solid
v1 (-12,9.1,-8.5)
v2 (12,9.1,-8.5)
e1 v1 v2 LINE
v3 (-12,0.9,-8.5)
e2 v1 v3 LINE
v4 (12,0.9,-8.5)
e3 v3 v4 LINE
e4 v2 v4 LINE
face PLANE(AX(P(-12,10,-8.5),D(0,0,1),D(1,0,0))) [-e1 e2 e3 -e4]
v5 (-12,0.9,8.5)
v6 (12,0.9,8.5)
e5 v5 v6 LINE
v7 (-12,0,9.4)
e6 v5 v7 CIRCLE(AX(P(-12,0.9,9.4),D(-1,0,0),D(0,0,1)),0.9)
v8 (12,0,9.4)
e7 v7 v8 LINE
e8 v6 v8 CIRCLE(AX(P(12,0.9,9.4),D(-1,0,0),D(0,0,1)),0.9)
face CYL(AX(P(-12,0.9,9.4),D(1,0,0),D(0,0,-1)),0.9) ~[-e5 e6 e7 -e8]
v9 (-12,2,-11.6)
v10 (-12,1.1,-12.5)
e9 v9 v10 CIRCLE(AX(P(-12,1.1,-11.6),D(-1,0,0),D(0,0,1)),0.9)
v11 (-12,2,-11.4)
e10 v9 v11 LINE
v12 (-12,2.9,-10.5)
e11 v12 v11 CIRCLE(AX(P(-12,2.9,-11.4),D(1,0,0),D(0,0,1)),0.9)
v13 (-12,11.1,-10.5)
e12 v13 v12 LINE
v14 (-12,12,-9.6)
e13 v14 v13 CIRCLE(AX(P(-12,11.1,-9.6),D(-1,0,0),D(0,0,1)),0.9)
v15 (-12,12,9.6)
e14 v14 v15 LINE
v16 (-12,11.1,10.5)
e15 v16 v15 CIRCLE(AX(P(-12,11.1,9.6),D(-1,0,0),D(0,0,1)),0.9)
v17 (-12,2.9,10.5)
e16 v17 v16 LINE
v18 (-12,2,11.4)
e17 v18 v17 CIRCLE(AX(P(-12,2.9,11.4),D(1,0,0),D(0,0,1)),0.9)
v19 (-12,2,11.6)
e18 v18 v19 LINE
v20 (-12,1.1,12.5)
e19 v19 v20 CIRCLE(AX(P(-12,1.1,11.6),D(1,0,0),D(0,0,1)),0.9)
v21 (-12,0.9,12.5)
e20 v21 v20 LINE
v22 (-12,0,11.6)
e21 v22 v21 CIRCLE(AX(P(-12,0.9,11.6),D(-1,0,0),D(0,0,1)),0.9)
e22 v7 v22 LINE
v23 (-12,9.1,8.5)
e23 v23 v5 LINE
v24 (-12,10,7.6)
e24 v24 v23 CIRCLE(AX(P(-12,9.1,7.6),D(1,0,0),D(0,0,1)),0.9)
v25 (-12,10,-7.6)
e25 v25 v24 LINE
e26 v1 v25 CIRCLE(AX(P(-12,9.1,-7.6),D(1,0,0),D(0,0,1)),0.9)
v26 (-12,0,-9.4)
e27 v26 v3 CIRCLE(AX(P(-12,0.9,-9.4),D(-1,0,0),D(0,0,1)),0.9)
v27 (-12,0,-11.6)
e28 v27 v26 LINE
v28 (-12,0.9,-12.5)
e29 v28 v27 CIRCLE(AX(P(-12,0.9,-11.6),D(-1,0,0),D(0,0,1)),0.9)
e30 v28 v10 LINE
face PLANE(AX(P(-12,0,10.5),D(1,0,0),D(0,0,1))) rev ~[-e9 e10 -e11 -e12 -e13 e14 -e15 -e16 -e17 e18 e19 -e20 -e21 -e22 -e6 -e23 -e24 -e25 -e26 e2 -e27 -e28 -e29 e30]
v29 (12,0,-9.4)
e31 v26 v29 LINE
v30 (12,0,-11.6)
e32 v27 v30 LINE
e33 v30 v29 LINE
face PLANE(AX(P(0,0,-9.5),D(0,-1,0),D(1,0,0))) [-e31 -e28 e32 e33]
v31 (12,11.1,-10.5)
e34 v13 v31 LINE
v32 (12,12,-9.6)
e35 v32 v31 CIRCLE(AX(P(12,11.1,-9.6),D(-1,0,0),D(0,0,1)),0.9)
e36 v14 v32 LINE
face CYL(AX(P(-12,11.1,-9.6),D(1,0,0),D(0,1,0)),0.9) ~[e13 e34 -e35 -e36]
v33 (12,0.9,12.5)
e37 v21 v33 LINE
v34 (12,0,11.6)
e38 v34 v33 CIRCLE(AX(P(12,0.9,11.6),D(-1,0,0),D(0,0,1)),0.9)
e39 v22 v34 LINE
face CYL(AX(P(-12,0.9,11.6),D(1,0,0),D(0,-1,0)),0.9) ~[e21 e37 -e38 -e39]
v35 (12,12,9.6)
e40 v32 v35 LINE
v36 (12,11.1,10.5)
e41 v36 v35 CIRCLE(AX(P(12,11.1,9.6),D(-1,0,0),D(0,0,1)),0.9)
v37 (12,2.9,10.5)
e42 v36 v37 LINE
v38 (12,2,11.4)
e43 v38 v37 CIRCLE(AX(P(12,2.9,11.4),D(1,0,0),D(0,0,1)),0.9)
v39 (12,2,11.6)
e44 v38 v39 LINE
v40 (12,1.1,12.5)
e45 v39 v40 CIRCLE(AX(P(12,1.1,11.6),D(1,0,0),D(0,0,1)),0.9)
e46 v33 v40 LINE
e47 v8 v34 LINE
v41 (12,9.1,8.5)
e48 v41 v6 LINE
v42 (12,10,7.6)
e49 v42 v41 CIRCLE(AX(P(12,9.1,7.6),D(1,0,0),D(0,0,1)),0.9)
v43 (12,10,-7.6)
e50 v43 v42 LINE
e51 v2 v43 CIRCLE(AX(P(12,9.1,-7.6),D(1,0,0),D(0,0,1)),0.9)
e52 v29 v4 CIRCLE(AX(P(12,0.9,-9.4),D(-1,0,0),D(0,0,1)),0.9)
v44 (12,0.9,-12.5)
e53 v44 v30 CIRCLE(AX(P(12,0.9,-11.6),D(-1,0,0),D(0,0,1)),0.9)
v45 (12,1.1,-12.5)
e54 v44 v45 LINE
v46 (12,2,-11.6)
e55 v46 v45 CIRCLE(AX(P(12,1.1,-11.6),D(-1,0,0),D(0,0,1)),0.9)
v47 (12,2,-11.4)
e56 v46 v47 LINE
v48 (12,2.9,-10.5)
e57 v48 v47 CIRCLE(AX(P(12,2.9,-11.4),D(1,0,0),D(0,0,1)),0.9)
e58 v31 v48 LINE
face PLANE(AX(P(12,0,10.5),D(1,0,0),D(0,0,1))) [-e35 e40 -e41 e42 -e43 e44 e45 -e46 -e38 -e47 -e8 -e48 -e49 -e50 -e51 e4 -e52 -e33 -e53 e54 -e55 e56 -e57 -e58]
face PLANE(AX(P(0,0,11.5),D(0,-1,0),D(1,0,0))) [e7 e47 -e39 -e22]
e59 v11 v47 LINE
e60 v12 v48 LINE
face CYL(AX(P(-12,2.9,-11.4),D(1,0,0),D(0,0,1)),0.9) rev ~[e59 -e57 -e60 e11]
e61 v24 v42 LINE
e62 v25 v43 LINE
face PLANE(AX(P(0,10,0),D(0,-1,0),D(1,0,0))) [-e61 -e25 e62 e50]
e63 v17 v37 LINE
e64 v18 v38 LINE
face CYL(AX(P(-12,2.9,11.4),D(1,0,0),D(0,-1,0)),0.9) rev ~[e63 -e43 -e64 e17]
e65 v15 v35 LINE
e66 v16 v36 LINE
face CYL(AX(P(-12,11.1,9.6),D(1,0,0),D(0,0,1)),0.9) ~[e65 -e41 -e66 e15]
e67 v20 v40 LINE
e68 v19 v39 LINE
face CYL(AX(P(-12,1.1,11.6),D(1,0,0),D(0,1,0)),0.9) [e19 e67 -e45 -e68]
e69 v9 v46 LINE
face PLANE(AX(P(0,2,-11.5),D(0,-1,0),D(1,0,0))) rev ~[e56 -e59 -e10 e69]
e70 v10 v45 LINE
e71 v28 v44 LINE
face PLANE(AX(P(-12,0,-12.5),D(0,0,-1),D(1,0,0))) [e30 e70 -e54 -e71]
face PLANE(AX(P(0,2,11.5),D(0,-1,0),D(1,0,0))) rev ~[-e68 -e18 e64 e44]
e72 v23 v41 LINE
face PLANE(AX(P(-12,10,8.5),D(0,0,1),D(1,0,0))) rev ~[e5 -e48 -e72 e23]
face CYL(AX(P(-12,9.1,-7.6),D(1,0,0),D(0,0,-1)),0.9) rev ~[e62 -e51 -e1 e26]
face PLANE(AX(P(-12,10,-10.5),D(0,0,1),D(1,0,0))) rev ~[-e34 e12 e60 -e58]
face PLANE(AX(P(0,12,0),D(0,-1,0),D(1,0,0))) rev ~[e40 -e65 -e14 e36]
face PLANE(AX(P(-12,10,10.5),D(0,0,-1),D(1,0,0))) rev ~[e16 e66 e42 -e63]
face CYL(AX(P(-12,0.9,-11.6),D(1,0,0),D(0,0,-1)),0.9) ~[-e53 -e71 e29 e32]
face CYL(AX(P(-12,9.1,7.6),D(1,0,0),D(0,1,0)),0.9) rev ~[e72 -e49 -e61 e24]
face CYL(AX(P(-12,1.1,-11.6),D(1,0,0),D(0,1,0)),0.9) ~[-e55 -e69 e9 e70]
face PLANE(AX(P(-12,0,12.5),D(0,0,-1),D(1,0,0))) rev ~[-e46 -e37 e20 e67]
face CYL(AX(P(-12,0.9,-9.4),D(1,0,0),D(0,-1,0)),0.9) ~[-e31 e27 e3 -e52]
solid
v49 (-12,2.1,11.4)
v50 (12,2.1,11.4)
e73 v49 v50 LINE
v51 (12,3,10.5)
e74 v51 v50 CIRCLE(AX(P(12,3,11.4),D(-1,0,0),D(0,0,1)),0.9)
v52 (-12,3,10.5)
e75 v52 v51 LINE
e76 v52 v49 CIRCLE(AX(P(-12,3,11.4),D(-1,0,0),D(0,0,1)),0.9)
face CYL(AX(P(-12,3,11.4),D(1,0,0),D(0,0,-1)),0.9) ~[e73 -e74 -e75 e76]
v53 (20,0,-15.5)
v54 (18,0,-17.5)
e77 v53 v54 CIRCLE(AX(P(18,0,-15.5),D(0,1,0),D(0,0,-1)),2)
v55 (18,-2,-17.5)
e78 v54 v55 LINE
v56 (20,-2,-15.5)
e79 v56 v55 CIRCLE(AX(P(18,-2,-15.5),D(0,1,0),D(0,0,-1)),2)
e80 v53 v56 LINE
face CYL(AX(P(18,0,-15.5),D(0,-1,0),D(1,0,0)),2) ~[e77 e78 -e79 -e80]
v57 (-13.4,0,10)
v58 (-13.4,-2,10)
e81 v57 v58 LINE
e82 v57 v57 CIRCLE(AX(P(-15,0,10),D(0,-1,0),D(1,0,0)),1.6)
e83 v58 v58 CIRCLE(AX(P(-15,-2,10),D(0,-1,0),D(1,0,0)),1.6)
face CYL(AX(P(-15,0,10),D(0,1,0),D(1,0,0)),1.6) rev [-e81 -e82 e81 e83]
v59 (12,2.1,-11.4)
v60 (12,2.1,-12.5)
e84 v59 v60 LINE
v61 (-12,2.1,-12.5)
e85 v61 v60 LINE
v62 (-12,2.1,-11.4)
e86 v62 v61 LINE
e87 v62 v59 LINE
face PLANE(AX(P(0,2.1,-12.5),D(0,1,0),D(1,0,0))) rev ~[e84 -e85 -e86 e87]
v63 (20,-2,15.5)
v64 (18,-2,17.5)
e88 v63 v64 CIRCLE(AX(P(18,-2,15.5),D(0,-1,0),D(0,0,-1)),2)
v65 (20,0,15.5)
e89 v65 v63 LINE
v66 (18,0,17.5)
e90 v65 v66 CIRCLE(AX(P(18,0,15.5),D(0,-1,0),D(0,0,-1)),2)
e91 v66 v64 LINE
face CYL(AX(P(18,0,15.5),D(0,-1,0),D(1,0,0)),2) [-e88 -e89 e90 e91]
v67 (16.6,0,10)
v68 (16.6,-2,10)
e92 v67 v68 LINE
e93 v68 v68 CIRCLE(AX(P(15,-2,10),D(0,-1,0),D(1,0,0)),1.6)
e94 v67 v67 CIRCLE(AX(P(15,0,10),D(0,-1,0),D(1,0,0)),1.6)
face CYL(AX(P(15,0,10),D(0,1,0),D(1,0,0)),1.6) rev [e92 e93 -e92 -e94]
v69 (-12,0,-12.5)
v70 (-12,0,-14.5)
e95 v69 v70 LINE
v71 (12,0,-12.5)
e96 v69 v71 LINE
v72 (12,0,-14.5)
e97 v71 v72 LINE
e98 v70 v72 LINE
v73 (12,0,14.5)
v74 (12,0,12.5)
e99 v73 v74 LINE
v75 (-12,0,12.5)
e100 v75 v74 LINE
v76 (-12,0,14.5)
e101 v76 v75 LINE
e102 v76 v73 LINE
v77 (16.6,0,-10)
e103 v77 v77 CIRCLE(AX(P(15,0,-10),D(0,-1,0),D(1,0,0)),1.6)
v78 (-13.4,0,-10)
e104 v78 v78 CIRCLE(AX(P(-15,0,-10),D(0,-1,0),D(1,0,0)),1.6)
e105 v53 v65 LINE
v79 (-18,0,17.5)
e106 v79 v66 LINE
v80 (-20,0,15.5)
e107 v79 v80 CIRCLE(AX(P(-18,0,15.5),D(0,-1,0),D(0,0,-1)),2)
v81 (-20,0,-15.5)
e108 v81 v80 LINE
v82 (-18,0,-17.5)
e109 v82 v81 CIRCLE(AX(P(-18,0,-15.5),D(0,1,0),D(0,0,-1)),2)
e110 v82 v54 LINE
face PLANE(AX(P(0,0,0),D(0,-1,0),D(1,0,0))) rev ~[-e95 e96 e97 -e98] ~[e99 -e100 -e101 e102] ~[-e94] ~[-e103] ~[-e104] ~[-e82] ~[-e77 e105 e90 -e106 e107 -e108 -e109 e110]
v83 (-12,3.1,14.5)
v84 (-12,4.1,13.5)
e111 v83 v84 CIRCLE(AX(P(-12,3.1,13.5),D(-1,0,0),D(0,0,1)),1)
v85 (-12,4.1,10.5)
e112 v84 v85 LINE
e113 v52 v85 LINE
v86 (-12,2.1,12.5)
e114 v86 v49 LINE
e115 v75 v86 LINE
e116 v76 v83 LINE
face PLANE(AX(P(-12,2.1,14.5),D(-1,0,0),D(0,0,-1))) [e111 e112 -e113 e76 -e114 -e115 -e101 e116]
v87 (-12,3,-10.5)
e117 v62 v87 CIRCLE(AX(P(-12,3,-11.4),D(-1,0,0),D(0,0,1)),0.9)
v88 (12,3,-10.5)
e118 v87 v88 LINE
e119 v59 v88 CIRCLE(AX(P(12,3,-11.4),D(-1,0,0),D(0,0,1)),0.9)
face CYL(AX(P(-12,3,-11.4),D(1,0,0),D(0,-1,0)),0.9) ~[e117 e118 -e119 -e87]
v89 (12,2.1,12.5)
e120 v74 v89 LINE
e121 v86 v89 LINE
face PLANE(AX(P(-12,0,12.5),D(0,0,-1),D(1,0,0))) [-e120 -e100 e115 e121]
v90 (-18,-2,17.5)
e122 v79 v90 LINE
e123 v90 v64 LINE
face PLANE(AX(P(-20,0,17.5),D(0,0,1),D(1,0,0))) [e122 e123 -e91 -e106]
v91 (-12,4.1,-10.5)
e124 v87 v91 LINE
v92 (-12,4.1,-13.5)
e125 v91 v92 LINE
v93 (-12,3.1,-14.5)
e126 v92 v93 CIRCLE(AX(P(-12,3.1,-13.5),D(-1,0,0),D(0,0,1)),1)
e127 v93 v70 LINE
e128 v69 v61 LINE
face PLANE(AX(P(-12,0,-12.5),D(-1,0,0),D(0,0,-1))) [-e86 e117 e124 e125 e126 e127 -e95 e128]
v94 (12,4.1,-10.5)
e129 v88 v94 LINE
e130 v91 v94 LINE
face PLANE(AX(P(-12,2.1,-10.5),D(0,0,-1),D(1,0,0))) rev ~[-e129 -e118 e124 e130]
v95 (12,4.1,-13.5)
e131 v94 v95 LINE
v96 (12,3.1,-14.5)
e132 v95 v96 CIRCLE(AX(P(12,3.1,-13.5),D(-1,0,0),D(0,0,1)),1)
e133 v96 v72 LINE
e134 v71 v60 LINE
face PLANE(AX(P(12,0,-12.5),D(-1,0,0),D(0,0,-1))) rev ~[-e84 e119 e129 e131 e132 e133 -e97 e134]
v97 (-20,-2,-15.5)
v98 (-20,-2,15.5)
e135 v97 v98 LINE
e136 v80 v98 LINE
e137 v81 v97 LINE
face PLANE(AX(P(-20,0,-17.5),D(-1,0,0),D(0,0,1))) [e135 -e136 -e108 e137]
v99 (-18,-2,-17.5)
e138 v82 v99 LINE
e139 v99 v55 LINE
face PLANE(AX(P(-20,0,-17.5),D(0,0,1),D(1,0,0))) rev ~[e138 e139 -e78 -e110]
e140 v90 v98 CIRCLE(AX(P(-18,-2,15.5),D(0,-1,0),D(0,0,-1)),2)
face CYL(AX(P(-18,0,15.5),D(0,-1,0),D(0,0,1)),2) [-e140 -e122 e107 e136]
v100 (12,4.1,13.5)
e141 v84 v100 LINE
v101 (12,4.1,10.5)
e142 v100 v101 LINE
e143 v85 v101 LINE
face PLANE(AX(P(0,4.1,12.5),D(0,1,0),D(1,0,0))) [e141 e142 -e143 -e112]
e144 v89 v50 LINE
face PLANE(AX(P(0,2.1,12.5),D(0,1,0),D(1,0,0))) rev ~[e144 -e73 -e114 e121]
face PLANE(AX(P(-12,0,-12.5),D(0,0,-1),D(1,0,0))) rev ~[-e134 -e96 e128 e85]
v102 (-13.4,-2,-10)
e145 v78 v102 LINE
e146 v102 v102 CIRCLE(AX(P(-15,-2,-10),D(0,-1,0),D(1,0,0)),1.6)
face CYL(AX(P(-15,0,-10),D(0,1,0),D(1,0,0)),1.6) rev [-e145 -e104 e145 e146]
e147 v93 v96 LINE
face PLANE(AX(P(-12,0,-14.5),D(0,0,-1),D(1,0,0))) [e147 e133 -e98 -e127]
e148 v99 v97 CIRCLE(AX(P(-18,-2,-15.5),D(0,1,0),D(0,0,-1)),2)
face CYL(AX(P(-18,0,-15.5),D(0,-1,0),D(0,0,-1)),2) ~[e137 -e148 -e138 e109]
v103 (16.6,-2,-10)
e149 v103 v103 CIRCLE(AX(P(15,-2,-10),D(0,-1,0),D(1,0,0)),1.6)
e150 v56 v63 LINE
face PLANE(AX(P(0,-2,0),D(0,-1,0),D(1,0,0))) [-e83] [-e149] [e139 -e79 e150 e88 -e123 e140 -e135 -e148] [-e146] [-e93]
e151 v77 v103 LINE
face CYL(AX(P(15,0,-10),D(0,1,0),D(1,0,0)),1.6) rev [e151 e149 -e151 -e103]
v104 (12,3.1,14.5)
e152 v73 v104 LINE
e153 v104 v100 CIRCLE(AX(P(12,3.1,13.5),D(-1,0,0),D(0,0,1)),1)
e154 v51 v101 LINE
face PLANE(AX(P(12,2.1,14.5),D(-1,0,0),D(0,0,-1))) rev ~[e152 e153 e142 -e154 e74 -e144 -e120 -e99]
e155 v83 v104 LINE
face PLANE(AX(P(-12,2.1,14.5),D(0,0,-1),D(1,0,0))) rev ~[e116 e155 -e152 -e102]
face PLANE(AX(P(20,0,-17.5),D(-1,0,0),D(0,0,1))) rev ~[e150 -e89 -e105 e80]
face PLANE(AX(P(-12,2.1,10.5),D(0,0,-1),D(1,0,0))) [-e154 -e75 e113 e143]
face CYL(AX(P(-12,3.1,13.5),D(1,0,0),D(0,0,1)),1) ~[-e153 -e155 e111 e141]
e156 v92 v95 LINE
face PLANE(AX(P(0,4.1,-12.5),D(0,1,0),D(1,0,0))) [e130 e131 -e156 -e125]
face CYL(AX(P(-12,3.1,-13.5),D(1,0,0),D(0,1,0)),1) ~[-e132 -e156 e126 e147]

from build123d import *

# Parameters (mm, degrees)
SKETCH_W     = 40
SKETCH_H     = 35
SKETCH_R     = 1.6
PAD_DEPTH    = 2
SKETCH004_W  = 24
SKETCH004_H  = 2
PAD003_DEPTH = 2.1
SKETCH005_W  = 24
SKETCH005_H  = 4
PAD005_DEPTH = 2
FILLET_R     = 2
FILLET002_R  = 0.9
FILLET003_R  = 1
SKETCH001_W  = 24
SKETCH001_H  = 21
PAD001_DEPTH = 2
SKETCH002_W  = 24
SKETCH002_H  = 2
PAD002_DEPTH = 10
SKETCH003_W  = 24
SKETCH003_H  = 2
PAD004_DEPTH = 2
FILLET001_R  = 0.9


with BuildPart() as base:
    # Sketch → Pad (new body)
    with BuildSketch(Plane.XZ):
        Rectangle(SKETCH_W, SKETCH_H)
        with Locations((-15, 10)):
            Circle(SKETCH_R, mode=Mode.SUBTRACT)
        with Locations((15, 10)):
            Circle(SKETCH_R, mode=Mode.SUBTRACT)
        with Locations((15, -10)):
            Circle(SKETCH_R, mode=Mode.SUBTRACT)
        with Locations((-15, -10)):
            Circle(SKETCH_R, mode=Mode.SUBTRACT)
    extrude(amount=PAD_DEPTH)

    # Sketch004 (on Face9 of Pad) → Pad003 (join)
    with BuildSketch(Plane(origin=(0, 0, 0), x_dir=(1, 0, 0), z_dir=(0, 1, 0))):
        with Locations((0, 13.5)):
            Rectangle(SKETCH004_W, SKETCH004_H)
        with Locations((0, -13.5)):
            Rectangle(SKETCH004_W, SKETCH004_H)
    extrude(amount=PAD003_DEPTH)

    # Sketch005 (on Face20 of Pad003) → Pad005 (join)
    with BuildSketch(Plane(origin=(0, 2.1, 0), x_dir=(1, 0, 0), z_dir=(0, 1, 0))):
        with Locations((0, -12.5)):
            Rectangle(SKETCH005_W, SKETCH005_H)
        with Locations((0, 12.5)):
            Rectangle(SKETCH005_W, SKETCH005_H)
    extrude(amount=PAD005_DEPTH)

    # Fillet
    fillet_edges = [base.edges().sort_by_distance(p)[0] for p in [
        (-20, -1, 17.5),
        (-20, -1, -17.5),
        (20, -1, -17.5),
        (20, -1, 17.5),
    ]]
    fillet(fillet_edges, radius=FILLET_R)

    # Fillet002
    fillet002_edges = [base.edges().sort_by_distance(p)[0] for p in [
        (0, 2.1, -10.5),
        (0, 2.1, 10.5),
    ]]
    fillet(fillet002_edges, radius=FILLET002_R)

    # Fillet003
    fillet003_edges = [base.edges().sort_by_distance(p)[0] for p in [
        (0, 4.1, -14.5),
        (0, 4.1, 14.5),
    ]]
    fillet(fillet003_edges, radius=FILLET003_R)


with BuildPart() as cap:
    # Sketch001 (on DatumPlane) → Pad001 (new body)
    with BuildSketch(Plane.XZ.offset(-10)):
        Rectangle(SKETCH001_W, SKETCH001_H)
    extrude(amount=-PAD001_DEPTH)

    # Sketch002 (on Face5 of Pad001) → Pad002 (join)
    with BuildSketch(Plane.XZ.offset(-10)):
        with Locations((0, -9.5)):
            Rectangle(SKETCH002_W, SKETCH002_H)
        with Locations((0, 9.5)):
            Rectangle(SKETCH002_W, SKETCH002_H)
    extrude(amount=PAD002_DEPTH)

    # Sketch003 (on Face15 of Pad002) → Pad004 (join)
    with BuildSketch(Plane.XZ):
        with Locations((0, 11.5)):
            Rectangle(SKETCH003_W, SKETCH003_H)
        with Locations((0, -11.5)):
            Rectangle(SKETCH003_W, SKETCH003_H)
    extrude(amount=-PAD004_DEPTH)

    # Fillet001
    fillet001_edges = [cap.edges().sort_by_distance(p)[0] for p in [
        (0, 0, -8.5),
        (0, 0, 8.5),
        (0, 10, 8.5),
        (0, 10, -8.5),
        (0, 12, -10.5),
        (0, 12, 10.5),
        (0, 2, 10.5),
        (0, 2, -10.5),
        (0, 2, -12.5),
        (0, 0, -12.5),
        (0, 2, 12.5),
        (0, 0, 12.5),
    ]]
    fillet(fillet001_edges, radius=FILLET001_R)


solid = Compound([base.part, cap.part])
